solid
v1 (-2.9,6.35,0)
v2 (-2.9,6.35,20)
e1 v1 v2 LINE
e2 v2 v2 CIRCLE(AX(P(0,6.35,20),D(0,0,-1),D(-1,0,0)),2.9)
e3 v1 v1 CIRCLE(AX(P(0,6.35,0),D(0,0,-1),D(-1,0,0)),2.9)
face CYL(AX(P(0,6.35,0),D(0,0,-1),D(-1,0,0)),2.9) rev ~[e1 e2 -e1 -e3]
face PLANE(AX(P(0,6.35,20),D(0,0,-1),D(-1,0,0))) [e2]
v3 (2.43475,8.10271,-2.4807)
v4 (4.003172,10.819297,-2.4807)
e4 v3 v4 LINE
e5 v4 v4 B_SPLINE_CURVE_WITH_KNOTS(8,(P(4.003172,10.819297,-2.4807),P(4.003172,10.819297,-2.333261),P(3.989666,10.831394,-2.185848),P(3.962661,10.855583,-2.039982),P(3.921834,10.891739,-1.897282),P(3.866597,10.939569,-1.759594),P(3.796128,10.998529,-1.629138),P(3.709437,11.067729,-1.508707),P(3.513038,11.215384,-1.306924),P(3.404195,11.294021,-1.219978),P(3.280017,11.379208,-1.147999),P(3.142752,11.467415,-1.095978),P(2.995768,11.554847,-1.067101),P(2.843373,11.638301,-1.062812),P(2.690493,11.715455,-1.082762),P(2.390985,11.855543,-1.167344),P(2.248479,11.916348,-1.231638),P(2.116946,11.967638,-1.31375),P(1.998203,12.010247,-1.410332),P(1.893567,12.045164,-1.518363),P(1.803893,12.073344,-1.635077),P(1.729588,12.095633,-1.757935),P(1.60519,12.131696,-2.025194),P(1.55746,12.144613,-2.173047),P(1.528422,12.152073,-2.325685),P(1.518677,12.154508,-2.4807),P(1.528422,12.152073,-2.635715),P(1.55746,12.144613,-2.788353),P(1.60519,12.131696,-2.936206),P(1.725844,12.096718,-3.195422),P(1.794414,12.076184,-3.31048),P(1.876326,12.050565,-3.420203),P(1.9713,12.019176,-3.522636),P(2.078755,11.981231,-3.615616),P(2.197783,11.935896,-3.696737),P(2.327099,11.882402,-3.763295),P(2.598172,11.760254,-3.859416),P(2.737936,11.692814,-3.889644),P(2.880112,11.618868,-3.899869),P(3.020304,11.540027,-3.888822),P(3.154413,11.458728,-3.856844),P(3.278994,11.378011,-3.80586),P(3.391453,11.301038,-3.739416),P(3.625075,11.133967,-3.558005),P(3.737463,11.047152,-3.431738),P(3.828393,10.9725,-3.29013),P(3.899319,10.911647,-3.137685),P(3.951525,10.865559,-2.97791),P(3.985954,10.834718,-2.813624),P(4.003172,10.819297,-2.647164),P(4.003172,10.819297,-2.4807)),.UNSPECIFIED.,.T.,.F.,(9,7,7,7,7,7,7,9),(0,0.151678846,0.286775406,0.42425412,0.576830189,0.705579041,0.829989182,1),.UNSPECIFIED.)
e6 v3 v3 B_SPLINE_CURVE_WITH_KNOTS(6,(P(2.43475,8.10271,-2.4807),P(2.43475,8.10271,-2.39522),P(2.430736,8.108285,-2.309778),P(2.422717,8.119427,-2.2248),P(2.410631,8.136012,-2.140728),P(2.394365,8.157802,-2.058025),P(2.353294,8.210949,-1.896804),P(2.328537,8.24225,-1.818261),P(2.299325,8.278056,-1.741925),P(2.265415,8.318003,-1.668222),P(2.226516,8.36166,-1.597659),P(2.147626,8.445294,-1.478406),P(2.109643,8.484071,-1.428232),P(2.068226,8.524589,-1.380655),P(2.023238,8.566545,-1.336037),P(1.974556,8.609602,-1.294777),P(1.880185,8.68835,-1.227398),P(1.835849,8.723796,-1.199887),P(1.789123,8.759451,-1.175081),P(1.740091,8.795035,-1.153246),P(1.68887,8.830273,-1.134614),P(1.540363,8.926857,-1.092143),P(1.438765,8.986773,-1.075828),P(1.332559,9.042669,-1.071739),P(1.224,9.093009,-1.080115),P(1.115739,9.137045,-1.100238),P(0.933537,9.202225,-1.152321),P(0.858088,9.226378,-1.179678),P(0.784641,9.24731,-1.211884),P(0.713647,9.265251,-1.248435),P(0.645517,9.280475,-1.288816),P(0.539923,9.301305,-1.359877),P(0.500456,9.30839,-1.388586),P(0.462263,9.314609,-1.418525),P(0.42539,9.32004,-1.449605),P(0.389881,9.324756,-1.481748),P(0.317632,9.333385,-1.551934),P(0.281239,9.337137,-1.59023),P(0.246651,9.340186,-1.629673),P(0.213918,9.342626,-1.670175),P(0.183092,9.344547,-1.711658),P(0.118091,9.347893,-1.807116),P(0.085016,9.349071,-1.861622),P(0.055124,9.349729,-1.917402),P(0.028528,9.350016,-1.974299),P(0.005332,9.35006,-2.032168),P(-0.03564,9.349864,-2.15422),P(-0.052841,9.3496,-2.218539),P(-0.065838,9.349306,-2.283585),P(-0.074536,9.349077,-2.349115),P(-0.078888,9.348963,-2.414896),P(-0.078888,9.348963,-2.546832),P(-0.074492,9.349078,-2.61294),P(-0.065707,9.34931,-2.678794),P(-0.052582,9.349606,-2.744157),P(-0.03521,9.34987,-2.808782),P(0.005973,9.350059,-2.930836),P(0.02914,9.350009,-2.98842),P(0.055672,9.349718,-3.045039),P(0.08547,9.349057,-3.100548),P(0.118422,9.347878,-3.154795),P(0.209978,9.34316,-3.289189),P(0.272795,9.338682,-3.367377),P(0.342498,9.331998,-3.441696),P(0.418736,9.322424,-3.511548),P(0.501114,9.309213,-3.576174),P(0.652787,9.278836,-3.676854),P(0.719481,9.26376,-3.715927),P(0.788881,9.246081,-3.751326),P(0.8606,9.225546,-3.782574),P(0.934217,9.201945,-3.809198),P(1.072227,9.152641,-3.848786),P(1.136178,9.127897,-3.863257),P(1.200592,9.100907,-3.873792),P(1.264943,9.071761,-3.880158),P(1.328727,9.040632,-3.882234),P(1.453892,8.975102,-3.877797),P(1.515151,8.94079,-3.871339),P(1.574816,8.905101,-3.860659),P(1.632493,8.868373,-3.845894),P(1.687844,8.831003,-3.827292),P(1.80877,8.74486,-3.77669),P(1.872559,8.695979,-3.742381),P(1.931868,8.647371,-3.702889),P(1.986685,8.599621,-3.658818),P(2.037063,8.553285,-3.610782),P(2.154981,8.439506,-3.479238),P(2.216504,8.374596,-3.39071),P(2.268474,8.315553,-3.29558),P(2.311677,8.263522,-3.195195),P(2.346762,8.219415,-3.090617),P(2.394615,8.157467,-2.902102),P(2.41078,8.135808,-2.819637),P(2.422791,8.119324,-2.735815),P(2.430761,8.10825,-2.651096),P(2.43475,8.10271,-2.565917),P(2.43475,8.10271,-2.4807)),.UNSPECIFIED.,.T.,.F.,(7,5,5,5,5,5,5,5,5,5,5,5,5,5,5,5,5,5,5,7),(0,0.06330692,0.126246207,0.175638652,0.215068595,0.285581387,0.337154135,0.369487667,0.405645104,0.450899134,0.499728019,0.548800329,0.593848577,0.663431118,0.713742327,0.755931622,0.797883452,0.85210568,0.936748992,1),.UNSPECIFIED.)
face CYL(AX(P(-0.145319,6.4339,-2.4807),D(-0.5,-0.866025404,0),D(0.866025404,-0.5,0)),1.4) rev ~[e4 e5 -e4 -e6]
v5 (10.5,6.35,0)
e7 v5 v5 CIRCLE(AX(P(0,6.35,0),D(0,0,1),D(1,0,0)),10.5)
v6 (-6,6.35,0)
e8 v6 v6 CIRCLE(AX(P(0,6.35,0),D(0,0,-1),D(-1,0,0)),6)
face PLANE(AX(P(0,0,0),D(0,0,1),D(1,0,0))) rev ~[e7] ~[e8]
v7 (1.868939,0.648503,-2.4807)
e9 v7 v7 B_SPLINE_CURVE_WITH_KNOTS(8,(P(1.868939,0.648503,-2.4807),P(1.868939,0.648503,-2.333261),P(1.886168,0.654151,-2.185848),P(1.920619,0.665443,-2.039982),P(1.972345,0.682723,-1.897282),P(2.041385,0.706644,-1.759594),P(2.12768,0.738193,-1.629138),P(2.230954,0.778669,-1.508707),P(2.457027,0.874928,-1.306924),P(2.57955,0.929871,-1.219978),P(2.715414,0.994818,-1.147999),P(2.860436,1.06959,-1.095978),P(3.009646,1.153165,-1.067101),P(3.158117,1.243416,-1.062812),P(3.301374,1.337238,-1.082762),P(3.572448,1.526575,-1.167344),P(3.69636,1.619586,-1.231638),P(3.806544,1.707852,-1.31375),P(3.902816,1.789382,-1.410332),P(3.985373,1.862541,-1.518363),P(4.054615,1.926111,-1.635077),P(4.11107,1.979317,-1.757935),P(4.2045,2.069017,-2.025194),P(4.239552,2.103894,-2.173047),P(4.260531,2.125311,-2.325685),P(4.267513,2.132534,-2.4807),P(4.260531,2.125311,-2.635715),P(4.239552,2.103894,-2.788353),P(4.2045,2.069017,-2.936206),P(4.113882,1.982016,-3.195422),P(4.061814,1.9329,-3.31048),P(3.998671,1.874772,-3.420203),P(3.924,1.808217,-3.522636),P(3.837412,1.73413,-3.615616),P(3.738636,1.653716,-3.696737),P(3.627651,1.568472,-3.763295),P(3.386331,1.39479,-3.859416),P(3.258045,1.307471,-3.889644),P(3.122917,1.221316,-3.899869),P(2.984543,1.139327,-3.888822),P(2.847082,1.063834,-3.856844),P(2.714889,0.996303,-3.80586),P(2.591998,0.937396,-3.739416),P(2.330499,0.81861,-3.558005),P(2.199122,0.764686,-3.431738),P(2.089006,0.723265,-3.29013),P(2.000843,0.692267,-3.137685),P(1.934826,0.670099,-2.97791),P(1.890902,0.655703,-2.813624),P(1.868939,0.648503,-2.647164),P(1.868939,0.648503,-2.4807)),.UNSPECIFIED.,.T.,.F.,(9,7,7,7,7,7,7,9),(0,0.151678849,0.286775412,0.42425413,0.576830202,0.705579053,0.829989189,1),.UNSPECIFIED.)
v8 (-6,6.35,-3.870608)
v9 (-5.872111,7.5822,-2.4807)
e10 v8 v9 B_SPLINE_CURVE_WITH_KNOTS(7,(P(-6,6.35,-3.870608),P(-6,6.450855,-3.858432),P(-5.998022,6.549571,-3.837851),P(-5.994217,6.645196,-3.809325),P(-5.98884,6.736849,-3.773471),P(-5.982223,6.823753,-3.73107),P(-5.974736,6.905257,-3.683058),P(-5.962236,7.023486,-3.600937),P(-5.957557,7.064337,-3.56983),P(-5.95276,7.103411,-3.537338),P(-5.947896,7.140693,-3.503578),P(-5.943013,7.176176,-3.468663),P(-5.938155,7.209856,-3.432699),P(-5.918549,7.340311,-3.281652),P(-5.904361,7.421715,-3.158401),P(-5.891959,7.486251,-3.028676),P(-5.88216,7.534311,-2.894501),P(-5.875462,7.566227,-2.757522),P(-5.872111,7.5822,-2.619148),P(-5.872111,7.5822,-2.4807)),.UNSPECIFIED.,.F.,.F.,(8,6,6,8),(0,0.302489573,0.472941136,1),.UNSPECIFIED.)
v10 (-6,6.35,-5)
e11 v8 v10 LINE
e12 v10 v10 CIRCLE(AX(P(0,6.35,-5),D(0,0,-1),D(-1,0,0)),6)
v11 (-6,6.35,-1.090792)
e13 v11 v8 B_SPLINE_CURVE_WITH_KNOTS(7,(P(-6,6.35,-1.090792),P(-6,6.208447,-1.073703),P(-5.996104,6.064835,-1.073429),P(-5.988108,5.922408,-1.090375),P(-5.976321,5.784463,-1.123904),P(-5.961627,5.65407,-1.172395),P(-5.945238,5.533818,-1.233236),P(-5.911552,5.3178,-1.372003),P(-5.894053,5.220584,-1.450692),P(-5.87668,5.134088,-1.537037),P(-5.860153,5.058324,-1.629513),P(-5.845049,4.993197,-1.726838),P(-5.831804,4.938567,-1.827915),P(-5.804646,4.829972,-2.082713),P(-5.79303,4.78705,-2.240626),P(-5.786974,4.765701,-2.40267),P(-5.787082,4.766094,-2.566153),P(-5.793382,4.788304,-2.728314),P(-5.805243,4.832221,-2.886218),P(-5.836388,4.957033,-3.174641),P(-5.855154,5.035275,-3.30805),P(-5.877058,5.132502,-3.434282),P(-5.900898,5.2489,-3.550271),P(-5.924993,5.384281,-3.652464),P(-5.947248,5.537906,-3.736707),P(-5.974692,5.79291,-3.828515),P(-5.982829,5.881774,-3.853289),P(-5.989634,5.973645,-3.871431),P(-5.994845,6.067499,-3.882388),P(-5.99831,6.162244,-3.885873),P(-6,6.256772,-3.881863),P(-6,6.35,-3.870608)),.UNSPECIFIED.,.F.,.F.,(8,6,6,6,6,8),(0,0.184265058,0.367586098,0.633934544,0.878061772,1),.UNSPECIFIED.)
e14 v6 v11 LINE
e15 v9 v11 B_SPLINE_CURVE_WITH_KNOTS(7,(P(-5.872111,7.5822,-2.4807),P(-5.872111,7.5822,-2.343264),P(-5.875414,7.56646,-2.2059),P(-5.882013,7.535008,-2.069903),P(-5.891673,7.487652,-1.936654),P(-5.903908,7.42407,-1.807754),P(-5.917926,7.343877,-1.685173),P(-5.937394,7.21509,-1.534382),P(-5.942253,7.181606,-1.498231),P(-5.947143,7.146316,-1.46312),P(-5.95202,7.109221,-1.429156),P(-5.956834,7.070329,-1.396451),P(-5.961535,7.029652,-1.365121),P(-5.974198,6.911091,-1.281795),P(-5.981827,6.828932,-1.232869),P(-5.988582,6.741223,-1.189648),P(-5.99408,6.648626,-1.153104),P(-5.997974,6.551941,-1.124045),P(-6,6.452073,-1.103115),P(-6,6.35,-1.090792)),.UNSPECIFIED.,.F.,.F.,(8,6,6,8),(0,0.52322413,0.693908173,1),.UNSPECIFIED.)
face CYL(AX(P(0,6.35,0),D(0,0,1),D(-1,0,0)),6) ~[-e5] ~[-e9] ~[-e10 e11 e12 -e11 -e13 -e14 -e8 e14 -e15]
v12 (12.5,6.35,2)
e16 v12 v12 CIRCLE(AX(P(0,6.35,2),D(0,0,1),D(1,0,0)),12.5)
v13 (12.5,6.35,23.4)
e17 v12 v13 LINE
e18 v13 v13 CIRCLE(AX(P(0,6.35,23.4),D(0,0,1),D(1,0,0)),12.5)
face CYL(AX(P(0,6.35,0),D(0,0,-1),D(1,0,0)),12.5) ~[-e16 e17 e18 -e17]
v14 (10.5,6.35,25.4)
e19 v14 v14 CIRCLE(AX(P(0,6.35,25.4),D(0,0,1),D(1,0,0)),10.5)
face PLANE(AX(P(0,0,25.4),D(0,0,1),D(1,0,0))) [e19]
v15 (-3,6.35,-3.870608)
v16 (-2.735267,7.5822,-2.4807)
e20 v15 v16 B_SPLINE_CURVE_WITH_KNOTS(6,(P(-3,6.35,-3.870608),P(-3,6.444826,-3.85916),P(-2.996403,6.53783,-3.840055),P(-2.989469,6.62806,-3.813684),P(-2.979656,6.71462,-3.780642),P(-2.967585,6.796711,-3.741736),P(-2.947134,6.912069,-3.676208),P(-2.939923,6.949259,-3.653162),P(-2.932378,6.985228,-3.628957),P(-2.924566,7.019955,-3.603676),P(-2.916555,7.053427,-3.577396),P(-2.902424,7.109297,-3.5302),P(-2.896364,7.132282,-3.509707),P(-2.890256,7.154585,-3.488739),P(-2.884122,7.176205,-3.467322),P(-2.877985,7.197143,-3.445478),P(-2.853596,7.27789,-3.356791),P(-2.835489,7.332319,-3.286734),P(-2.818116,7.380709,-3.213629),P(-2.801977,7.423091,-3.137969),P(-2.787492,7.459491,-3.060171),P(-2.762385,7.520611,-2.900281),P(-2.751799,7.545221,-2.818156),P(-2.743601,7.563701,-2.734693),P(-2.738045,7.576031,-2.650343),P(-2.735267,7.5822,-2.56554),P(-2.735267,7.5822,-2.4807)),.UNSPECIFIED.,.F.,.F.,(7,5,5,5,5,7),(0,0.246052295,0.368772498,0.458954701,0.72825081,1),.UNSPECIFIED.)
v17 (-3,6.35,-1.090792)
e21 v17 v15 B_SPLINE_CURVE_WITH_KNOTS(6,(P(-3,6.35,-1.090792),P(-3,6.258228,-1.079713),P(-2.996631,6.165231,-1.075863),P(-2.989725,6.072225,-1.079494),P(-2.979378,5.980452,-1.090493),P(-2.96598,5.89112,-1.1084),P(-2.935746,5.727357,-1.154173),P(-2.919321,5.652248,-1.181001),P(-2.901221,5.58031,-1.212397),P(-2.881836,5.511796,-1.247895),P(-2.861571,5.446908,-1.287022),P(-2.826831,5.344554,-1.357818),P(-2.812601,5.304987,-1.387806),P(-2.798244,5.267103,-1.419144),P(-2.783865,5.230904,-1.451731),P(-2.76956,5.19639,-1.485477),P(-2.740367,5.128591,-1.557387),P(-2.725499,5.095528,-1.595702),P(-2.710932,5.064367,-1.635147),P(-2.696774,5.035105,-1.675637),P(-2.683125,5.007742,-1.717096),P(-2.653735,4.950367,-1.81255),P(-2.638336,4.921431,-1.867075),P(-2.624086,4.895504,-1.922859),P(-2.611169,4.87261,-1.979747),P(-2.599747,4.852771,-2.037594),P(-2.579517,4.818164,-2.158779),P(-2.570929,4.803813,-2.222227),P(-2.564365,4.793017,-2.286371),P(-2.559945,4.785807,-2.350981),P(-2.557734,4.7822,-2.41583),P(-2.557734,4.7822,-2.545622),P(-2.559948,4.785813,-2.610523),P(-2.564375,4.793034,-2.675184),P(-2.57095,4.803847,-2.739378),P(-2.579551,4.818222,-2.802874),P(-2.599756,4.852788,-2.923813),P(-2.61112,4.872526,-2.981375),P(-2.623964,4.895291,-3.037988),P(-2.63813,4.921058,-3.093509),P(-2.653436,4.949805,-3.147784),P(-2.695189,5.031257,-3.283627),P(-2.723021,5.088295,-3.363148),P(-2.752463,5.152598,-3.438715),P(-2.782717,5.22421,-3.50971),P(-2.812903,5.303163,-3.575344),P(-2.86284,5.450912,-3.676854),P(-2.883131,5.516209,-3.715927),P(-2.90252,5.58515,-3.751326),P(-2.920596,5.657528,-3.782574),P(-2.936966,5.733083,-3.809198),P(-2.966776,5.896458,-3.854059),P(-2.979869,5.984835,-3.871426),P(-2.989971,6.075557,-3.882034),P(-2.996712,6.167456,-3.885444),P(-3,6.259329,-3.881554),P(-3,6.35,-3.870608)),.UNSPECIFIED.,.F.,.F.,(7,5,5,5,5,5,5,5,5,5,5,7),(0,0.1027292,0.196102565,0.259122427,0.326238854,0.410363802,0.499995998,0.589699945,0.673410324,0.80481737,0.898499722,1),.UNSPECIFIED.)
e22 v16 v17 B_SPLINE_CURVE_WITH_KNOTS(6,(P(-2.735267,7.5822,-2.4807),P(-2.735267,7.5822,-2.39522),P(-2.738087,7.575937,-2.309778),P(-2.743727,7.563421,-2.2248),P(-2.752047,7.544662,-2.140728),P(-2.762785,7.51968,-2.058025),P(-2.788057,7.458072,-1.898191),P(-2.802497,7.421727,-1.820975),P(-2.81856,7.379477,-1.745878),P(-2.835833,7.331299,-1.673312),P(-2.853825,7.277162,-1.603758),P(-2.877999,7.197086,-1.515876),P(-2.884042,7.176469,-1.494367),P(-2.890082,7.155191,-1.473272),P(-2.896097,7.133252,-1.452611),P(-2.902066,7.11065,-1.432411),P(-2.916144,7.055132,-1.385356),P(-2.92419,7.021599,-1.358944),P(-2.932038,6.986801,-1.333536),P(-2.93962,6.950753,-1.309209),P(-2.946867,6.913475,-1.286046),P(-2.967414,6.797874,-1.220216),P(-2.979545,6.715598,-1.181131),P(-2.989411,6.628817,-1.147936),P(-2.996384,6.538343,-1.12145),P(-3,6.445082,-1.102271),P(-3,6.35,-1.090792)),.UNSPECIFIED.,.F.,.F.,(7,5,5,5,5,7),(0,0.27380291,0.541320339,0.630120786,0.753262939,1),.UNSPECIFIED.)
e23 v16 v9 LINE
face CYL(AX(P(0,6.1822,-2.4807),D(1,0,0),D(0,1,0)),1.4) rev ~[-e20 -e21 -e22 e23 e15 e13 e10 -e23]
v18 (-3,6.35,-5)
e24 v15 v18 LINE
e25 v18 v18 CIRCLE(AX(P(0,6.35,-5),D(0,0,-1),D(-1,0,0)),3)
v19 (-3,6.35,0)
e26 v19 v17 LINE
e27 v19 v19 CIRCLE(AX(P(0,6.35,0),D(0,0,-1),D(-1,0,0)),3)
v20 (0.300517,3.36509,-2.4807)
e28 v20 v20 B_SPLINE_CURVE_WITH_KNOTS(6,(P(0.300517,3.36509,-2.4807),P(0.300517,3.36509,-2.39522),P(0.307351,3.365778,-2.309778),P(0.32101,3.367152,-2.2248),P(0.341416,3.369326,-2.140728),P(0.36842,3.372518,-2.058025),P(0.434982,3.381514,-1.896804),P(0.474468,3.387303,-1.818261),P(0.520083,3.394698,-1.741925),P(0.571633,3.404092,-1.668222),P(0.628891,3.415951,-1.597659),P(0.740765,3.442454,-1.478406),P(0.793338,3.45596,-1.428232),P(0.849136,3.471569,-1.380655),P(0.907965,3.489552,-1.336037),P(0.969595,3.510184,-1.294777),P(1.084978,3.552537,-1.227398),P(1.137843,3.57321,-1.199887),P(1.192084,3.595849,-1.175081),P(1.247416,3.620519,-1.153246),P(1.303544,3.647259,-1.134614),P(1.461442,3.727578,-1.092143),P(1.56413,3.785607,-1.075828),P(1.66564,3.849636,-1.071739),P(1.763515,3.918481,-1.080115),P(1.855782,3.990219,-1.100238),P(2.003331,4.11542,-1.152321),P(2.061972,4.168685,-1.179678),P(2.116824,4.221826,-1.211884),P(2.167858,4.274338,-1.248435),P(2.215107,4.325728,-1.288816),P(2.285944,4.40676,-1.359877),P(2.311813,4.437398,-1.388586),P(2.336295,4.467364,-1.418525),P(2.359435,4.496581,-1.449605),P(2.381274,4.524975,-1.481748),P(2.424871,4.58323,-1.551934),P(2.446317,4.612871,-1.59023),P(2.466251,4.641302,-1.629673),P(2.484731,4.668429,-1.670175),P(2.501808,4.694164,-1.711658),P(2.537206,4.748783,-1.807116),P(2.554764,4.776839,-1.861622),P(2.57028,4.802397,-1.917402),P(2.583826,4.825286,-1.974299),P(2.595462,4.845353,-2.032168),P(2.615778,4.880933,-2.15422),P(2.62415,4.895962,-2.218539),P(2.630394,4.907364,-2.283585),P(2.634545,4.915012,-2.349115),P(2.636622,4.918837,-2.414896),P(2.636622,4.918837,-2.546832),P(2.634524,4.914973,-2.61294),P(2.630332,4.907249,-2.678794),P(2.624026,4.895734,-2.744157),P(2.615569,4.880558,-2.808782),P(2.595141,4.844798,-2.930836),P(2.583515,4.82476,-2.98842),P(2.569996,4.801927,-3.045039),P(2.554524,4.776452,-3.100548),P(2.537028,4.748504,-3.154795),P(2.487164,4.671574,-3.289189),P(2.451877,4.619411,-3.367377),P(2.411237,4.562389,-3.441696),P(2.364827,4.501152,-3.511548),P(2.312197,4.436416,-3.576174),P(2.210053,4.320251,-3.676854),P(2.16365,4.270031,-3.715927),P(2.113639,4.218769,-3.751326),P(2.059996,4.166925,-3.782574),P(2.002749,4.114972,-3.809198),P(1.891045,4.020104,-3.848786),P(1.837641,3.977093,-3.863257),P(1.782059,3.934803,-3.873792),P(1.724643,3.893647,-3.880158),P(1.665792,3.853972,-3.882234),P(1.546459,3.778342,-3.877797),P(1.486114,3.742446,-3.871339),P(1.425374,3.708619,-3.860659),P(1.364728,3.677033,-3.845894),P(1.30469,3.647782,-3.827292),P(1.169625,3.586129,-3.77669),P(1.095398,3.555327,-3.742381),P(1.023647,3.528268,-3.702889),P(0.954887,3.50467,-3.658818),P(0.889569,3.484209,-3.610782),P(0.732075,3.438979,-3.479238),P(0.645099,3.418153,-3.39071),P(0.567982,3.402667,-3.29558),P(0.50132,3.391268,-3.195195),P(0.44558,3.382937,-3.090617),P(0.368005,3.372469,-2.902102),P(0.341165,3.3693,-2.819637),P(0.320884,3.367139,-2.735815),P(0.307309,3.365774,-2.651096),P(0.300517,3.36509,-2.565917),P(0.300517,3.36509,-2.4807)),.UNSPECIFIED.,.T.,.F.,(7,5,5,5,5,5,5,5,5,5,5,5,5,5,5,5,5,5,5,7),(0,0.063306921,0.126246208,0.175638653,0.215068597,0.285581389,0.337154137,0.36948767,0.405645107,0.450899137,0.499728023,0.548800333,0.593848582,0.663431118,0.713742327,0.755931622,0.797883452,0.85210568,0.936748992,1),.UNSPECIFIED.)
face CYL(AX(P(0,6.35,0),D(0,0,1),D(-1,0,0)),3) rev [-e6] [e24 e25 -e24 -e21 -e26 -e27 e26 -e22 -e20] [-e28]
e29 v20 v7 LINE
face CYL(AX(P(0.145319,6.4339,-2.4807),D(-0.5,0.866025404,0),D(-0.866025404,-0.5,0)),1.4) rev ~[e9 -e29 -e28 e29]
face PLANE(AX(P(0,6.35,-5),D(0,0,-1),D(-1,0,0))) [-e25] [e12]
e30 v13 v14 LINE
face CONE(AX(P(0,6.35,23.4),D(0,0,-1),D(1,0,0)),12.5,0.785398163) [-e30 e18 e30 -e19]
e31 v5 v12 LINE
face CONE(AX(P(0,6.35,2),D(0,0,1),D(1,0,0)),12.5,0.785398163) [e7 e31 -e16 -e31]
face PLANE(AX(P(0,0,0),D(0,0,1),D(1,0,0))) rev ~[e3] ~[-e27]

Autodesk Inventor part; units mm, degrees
ref_plane "YZ Plane" through (0, 0, 0) normal (1, 0, 0) x (0, 1, 0)
ref_plane "XZ Plane" through (0, 0, 0) normal (0, 1, 0) x (-1, 0, 0)
ref_plane "XY Plane" through (0, 0, 0) normal (0, 0, 1) x (1, 0, 0)
ref_plane "Work Plane1" through (0, 0, 0) normal (0, 0, 1) x (1, 0, 0)
sketch "Sketch1" plane through (0, 0, 0) normal (0, 0, 1) x (1, 0, 0)
  circle A0 centre (0, 6.35) radius 4 projected
  circle A1 centre (0, 6.35) radius 12.5
  point P0 (0, 0)
  dimension "d0" = 25
extrude "Extrusion1" add sketch "Sketch1" along normal blind 25.4 contours A0 | A1
sketch "Skizze2" plane through (0, 6.35, 0) normal (0, 0, -1) x (-1, 0, 0)
  circle A0 centre (0, 0) radius 11 projected
  circle A1 centre (0, 0) radius 2.9
  point P0 (0, -6.35)
  point P1 (-5.9, 11.95)
  dimension "d3" = 5.8
extrude "Extrusion2" cut sketch "Skizze2" against normal blind 20 contours A1
chamfer "Fase1" distance 2 angle 45 2 edges at (-12.5, 6.35, 25.4) (-12.5, 6.35, 0)
sketch "Skizze3" plane through (0, 6.35, 0) normal (0, 0, -1) x (-1, 0, 0)
  circle A0 centre (0, 0) radius 3 projected
  circle A1 centre (0, 0) radius 2.9 projected
  circle A2 centre (0, 0) radius 10.5 projected
  circle A3 centre (0, 0) radius 6
  point P0 (0, -6.35)
  dimension "d9" = 12
extrude "Extrusion3" add sketch "Skizze3" along normal blind 5 contours A3
sketch "Skizze4" plane through (0, 0, 0) normal (1, 0, 0) x (0, 1, 0)
  circle A0 centre (6.1822, -2.4807) radius 1.4
  point P0 (0, 0)
  dimension "d12" = 2.8
extrude "Extrusion4" cut sketch "Skizze4" against normal through all
pattern_circular "Runde Anordnung1" count 3 over 360 about axis through (0, 6.35, 0) along (0, 0, -1) of "Extrusion4"
properties part number "ManualKnob"
